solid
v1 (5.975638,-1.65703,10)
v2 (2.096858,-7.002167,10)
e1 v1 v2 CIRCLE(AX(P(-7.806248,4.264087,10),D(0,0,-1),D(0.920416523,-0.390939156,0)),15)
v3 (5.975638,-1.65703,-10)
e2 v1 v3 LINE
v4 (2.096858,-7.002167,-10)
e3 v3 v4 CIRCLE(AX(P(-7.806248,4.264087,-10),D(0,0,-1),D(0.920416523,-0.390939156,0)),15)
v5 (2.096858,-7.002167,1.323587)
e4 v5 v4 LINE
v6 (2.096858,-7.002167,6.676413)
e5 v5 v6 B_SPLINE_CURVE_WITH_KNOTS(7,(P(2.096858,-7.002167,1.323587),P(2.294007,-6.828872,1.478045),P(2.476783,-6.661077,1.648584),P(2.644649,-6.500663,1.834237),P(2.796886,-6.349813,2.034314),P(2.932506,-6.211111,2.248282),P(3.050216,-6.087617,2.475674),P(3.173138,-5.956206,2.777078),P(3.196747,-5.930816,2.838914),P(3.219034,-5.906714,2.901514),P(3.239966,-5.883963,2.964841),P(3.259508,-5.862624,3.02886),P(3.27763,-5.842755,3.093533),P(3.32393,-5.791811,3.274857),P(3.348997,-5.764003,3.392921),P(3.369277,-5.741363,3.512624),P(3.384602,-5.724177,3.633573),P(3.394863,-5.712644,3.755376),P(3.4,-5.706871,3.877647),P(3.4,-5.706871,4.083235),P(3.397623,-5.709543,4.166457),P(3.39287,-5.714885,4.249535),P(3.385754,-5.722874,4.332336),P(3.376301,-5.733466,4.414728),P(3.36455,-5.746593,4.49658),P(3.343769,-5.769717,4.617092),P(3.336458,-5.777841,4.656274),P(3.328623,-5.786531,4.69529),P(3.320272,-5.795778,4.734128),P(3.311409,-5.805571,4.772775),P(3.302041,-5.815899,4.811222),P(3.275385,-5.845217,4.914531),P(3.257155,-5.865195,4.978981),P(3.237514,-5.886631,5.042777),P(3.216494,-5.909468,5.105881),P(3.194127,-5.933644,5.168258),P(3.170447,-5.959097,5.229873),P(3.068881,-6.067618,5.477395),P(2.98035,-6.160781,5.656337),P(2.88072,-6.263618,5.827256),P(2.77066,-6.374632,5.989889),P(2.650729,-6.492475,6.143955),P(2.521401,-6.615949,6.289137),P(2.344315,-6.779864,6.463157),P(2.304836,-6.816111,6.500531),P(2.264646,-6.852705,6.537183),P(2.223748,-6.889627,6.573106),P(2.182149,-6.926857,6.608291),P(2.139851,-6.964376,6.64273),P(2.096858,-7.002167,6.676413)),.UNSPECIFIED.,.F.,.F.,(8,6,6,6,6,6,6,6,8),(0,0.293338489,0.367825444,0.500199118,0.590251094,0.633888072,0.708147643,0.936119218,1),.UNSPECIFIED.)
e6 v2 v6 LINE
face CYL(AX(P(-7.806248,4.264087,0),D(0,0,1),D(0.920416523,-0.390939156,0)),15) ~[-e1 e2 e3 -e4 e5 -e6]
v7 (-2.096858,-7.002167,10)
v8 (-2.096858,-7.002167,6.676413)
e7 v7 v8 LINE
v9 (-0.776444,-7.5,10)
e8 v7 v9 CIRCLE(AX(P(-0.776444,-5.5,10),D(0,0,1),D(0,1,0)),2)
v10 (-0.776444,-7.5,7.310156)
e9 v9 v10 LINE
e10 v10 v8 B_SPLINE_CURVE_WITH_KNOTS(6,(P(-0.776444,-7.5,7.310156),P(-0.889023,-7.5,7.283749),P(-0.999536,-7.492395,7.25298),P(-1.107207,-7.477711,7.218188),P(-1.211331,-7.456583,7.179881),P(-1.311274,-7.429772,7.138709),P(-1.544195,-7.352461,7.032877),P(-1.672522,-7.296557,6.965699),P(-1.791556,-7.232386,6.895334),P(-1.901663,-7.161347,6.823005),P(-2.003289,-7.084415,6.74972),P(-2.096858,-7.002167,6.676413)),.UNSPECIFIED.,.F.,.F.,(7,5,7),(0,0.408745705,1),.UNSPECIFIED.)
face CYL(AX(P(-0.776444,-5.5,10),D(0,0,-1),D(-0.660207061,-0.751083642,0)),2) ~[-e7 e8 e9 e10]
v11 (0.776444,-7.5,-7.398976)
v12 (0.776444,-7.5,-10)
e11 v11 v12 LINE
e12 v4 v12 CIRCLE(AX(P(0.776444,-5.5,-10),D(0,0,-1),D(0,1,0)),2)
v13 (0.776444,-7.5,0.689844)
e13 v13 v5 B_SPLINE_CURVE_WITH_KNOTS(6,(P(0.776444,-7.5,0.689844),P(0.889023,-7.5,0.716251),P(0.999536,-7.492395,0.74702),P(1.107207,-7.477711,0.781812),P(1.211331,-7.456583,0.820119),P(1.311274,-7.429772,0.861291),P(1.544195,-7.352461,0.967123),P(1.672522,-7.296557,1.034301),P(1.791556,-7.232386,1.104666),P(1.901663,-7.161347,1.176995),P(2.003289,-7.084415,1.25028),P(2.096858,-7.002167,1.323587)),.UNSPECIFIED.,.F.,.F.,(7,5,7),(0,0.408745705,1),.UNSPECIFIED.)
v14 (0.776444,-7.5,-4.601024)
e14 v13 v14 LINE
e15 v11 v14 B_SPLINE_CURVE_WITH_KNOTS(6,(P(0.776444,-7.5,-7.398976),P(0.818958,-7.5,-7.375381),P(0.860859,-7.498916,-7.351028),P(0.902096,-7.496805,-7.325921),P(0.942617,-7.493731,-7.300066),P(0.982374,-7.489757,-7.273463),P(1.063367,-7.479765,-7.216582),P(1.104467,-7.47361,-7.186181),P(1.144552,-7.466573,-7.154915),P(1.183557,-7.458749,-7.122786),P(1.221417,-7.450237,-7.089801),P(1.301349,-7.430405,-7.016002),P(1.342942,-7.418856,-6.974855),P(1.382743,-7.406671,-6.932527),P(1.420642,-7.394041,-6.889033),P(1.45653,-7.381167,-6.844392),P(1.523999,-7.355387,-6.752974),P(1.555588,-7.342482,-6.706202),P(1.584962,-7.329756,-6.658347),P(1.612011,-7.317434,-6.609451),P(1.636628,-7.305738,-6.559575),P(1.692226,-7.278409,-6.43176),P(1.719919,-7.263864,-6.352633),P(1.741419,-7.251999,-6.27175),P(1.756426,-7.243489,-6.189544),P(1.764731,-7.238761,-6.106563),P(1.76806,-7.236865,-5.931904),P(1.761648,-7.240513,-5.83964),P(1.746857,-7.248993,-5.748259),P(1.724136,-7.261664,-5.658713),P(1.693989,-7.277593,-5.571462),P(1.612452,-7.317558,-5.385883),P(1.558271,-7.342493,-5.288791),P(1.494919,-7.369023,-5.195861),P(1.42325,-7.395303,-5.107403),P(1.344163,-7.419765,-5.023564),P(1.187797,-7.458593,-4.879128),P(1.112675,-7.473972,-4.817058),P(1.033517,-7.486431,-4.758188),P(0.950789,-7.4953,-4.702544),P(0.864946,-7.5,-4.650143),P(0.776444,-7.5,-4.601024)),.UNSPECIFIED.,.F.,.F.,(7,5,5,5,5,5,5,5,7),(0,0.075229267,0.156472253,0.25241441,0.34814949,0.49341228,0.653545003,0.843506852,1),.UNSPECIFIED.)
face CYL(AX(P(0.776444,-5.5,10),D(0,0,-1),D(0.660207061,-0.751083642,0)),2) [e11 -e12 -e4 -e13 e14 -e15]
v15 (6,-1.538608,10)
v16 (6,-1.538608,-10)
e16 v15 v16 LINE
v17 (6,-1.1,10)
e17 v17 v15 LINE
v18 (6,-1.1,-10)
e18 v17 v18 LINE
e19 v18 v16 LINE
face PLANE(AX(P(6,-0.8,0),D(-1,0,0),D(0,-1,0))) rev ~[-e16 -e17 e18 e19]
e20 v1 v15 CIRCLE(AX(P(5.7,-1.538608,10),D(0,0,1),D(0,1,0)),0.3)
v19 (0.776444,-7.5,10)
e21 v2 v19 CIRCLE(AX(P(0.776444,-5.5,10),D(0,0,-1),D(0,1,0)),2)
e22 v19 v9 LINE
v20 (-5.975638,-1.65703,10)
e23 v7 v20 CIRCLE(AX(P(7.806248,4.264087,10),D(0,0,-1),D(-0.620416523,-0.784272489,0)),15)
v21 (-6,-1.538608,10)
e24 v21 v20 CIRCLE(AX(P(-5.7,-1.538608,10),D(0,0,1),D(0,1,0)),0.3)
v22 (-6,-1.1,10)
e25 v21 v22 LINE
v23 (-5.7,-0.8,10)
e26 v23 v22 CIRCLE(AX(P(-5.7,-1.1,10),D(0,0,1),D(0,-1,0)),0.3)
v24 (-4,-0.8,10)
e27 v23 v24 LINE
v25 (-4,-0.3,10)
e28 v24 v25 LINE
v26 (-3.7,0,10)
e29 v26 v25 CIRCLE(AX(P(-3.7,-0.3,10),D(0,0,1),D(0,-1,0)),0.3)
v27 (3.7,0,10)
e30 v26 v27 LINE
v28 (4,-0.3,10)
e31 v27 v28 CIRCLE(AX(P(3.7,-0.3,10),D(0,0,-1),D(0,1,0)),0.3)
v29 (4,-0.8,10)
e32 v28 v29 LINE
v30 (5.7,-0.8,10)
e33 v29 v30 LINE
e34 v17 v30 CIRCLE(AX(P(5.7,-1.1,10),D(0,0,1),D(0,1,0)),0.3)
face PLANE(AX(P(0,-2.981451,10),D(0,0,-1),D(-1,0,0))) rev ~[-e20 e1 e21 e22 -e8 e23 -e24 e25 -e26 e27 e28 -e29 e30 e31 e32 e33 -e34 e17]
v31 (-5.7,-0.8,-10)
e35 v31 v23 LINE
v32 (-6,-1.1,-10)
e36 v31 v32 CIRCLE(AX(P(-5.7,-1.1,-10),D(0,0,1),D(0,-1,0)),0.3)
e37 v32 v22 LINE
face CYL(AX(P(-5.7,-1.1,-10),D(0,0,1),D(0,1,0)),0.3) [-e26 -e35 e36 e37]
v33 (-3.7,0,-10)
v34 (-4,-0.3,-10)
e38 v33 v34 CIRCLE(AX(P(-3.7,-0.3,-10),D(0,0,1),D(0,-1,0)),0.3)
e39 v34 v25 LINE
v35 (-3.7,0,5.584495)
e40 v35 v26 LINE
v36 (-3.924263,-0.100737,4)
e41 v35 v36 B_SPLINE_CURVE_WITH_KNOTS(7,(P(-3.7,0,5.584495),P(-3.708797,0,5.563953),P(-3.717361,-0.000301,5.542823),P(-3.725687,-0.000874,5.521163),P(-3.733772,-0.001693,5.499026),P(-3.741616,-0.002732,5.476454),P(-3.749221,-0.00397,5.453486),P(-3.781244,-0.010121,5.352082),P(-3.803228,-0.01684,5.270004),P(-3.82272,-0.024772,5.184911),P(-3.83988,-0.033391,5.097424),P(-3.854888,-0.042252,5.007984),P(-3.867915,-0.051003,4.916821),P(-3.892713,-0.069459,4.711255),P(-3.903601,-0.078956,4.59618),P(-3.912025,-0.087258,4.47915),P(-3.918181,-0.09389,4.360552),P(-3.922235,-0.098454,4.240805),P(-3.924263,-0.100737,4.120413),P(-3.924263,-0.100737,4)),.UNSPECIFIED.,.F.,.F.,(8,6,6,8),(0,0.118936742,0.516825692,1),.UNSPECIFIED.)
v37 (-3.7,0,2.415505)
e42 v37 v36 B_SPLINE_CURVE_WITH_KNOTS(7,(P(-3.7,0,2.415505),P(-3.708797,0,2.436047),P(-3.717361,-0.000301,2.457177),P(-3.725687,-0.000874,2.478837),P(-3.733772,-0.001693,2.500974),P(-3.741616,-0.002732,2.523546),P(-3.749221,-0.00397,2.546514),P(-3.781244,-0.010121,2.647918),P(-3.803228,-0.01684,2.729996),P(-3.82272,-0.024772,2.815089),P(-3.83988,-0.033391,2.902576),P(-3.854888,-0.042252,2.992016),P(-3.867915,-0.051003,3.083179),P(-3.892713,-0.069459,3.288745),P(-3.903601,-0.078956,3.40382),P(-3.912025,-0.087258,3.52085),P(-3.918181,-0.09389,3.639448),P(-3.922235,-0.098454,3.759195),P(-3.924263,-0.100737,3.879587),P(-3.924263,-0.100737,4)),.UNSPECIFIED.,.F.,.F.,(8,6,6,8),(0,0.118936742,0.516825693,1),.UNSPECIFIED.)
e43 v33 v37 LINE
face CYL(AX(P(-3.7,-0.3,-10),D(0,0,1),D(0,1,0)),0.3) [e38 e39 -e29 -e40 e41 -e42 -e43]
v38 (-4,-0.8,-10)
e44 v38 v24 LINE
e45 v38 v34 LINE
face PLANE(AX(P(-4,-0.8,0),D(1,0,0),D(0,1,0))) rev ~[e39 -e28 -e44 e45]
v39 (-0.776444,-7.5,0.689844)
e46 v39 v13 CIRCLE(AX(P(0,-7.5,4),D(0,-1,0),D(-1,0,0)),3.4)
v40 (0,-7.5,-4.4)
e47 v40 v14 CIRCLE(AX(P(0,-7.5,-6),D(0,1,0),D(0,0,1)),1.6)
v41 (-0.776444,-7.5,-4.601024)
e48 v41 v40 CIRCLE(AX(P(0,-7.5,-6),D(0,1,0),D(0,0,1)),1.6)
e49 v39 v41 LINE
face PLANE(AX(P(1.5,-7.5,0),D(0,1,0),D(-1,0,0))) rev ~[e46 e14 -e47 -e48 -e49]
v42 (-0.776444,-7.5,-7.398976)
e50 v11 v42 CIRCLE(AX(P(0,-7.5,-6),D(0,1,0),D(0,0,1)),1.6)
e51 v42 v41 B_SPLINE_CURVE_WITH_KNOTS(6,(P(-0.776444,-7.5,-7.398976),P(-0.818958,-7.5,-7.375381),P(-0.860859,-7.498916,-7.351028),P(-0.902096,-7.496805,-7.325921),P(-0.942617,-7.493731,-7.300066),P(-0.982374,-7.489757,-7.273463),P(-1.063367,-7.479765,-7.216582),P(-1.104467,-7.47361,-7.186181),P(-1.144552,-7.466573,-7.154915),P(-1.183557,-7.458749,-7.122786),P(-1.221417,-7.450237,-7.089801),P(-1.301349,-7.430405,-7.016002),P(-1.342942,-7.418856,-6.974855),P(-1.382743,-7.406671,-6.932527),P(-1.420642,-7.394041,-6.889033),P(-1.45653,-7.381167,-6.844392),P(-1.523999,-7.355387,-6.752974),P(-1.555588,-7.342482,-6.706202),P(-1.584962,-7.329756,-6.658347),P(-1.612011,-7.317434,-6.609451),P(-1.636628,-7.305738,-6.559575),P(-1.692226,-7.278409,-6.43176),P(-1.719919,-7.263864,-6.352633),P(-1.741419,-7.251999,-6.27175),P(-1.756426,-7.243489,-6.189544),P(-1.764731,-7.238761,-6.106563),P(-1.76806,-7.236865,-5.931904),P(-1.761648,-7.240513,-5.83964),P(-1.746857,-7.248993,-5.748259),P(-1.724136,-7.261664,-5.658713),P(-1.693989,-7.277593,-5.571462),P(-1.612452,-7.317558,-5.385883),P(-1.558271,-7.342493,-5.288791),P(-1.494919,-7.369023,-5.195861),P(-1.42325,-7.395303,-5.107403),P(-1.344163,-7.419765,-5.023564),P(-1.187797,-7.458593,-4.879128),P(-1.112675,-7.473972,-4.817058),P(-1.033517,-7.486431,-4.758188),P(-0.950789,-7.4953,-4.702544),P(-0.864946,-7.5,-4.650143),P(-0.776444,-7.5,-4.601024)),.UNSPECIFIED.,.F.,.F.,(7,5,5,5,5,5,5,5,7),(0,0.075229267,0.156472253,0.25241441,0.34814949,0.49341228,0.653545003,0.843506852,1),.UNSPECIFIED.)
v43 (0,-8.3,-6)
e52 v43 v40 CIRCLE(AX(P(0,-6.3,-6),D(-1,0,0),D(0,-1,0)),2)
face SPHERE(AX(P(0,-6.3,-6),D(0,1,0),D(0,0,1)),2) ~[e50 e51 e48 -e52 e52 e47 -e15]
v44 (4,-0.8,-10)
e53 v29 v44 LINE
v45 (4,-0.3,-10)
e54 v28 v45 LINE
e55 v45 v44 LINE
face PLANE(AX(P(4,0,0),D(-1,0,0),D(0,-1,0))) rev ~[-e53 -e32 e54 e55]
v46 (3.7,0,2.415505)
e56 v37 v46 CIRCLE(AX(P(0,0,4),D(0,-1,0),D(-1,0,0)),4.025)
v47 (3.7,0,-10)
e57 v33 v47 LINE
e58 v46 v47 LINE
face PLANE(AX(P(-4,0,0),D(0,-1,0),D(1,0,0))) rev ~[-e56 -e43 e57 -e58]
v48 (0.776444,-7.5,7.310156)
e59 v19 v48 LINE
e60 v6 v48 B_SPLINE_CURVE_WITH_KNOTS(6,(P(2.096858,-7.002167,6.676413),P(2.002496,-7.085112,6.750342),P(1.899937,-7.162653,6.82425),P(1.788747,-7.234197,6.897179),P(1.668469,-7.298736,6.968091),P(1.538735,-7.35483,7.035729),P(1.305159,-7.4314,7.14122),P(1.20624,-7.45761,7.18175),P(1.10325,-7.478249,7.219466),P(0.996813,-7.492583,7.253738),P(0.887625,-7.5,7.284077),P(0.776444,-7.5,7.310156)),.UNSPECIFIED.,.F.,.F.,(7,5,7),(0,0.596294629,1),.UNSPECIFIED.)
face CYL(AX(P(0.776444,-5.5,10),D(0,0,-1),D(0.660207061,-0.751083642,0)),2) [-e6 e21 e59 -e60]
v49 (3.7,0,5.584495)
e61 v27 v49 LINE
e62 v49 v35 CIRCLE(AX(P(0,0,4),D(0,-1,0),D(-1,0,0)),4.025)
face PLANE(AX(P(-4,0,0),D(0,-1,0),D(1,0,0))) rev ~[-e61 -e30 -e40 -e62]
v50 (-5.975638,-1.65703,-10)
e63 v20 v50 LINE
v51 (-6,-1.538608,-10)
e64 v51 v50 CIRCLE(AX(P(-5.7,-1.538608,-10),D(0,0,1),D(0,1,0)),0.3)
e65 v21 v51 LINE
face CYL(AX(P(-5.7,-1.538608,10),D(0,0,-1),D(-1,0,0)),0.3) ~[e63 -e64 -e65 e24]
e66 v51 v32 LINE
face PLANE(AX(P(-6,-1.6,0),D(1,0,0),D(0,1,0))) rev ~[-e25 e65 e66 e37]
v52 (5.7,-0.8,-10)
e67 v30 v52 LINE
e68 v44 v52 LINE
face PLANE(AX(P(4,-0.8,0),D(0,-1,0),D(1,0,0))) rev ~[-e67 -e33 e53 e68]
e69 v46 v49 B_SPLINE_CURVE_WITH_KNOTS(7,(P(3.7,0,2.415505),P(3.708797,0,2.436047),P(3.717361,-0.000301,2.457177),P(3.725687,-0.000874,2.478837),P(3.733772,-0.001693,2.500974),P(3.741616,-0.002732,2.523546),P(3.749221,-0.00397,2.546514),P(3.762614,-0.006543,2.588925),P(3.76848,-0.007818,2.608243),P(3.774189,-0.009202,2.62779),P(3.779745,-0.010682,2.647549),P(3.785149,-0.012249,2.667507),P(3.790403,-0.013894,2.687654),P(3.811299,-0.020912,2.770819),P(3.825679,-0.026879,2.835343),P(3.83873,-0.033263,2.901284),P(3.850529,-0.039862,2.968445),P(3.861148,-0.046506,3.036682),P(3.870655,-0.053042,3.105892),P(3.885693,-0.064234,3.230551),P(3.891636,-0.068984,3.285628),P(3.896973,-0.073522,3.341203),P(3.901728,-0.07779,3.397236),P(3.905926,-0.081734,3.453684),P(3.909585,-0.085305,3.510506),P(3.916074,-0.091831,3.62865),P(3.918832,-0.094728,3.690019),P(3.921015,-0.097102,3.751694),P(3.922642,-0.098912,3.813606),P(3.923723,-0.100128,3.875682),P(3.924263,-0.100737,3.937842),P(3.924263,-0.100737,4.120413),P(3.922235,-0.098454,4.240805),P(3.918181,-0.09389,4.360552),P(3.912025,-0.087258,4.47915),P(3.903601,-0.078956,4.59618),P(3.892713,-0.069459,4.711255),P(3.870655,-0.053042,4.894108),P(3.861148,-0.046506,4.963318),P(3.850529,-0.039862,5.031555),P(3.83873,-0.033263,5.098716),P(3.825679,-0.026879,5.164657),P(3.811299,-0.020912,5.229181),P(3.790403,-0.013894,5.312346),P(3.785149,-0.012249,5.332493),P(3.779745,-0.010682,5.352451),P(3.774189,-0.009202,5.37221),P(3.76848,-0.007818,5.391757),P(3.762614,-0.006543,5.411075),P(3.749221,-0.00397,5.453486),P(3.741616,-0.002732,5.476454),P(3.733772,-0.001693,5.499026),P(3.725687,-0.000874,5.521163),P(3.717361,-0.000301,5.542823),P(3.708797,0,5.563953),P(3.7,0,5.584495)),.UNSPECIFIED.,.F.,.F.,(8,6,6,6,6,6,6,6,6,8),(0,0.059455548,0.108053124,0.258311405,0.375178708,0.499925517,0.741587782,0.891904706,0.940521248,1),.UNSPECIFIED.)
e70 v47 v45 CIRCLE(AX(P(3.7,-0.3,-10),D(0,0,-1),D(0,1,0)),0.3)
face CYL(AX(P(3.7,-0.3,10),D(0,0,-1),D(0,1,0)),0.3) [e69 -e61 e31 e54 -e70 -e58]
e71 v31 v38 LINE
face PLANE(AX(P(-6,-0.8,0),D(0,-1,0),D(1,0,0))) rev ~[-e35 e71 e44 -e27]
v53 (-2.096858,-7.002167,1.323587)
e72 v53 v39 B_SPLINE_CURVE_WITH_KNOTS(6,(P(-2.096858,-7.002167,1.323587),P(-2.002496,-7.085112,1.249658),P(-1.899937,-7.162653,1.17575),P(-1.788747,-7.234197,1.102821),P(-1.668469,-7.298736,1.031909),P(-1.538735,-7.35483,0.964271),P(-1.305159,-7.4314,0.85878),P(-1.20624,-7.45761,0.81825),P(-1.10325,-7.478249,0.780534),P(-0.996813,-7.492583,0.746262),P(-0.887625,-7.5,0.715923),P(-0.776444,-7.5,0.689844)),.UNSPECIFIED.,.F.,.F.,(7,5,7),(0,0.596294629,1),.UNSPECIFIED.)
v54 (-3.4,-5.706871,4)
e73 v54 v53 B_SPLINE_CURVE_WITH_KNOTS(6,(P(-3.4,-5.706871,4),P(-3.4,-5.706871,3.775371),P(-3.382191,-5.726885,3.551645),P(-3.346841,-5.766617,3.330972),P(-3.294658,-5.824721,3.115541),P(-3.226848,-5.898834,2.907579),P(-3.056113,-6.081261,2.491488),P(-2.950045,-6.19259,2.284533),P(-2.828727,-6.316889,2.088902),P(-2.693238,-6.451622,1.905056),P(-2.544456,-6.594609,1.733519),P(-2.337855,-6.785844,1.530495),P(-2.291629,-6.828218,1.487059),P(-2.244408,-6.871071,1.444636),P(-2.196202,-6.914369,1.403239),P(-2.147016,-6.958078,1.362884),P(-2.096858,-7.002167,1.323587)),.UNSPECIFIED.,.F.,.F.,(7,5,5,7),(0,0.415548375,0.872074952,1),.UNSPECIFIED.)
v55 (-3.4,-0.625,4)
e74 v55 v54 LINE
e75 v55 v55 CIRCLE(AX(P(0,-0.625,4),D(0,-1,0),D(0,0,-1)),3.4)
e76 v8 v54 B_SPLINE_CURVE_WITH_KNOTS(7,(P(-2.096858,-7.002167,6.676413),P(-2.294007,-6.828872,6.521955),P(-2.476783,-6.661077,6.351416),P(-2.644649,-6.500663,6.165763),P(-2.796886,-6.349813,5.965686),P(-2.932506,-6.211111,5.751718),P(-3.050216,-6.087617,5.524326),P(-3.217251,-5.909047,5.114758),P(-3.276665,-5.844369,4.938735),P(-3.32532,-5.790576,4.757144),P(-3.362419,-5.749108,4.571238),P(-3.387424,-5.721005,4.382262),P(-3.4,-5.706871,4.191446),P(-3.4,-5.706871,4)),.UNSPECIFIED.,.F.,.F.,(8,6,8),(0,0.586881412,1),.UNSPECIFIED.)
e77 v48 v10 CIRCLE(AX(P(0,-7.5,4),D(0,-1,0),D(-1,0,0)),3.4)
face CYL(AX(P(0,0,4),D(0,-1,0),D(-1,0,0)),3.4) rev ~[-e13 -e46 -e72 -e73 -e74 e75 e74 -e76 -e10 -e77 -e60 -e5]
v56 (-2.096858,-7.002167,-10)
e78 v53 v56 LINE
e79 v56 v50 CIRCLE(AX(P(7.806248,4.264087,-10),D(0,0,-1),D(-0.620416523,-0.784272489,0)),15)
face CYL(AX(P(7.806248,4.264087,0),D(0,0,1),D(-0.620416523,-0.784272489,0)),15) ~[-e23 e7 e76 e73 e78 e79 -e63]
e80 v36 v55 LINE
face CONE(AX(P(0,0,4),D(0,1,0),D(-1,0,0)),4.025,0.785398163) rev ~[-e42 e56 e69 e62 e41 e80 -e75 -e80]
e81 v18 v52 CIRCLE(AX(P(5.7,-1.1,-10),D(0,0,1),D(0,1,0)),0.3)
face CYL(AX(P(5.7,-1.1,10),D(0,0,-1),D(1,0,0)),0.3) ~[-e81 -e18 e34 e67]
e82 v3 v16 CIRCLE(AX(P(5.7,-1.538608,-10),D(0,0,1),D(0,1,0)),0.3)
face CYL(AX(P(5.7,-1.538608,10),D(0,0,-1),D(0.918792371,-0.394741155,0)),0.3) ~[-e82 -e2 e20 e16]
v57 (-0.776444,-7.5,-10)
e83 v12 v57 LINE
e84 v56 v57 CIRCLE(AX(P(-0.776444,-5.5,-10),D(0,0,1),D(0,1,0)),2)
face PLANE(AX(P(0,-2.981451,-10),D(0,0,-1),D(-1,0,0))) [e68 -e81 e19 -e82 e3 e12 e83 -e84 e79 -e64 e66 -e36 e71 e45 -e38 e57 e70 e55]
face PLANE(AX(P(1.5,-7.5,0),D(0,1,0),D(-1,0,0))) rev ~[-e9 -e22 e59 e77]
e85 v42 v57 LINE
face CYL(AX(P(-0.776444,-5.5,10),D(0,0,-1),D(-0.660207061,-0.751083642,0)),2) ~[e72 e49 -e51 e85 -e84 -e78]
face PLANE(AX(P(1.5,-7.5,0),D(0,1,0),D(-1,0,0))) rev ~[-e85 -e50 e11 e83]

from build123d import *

# Parameters (mm, degrees)
EXTRUDE_1_DEPTH             = 10
FILLET_1_R                  = 0.3
FILLET_2_R                  = 2
HOLE_WIZARD_M81_D           = 6.8
HOLE_WIZARD_M81_CSINK_D     = 8.05
HOLE_WIZARD_M81_CSINK_ANGLE = 90


with BuildPart() as part:
    # Эскиз1 → Бобышка-Вытянуть1 (new body, symmetric)
    with BuildSketch(Plane.XY):
        with BuildLine():
            Line((-4, 0), (4, 0))
            Line((4, 0), (4, -0.8))
            Line((4, -0.8), (6, -0.8))
            Line((6, -0.8), (6, -1.6))
            ThreePointArc((6, -1.6), (4.120585945, -4.832650297), (1.5, -7.5))
            Line((1.5, -7.5), (-1.5, -7.5))
            ThreePointArc((-1.5, -7.5), (-4.120585945, -4.832650297), (-6, -1.6))
            Line((-6, -1.6), (-6, -0.8))
            Line((-6, -0.8), (-4, -0.8))
            Line((-4, -0.8), (-4, 0))
        make_face()
    extrude(amount=EXTRUDE_1_DEPTH, both=True)

    # Скругление1
    fillet_1_edges = [part.edges().sort_by_distance(p)[0] for p in [
        (6, -0.8, 0),
        (6, -1.6, 0),
        (-6, -1.6, 0),
        (-6, -0.8, 0),
        (-4, 0, 0),
        (4, 0, 0),
    ]]
    fillet(fillet_1_edges, radius=FILLET_1_R)

    # Скругление2
    fillet_2_edges = [part.edges().sort_by_distance(p)[0] for p in [
        (1.5, -7.5, 0),
        (-1.5, -7.5, 0),
    ]]
    fillet(fillet_2_edges, radius=FILLET_2_R)

    # Отверстие обработанное метчиком M81 (through all)
    with Locations(Plane(origin=(0, 0, 0), x_dir=(1, 0, 0), z_dir=(0, 1, 0))):
        with Locations((0, -4)):
            CounterSinkHole(HOLE_WIZARD_M81_D / 2, HOLE_WIZARD_M81_CSINK_D / 2, counter_sink_angle=HOLE_WIZARD_M81_CSINK_ANGLE)

    # Эскиз5 → Повернуть1 (revolve)
    with BuildSketch(Plane(origin=(0, 0, 0), x_dir=(0, 0, -1), z_dir=(1, 0, 0))):
        with BuildLine():
            Line((6, -4.3), (6, -8.3))
            ThreePointArc((6, -8.3), (4, -6.3), (6, -4.3))
        make_face()
    revolve(axis=Axis((0, -4.3, -6), (0, -1, 0)))


solid = part.part
